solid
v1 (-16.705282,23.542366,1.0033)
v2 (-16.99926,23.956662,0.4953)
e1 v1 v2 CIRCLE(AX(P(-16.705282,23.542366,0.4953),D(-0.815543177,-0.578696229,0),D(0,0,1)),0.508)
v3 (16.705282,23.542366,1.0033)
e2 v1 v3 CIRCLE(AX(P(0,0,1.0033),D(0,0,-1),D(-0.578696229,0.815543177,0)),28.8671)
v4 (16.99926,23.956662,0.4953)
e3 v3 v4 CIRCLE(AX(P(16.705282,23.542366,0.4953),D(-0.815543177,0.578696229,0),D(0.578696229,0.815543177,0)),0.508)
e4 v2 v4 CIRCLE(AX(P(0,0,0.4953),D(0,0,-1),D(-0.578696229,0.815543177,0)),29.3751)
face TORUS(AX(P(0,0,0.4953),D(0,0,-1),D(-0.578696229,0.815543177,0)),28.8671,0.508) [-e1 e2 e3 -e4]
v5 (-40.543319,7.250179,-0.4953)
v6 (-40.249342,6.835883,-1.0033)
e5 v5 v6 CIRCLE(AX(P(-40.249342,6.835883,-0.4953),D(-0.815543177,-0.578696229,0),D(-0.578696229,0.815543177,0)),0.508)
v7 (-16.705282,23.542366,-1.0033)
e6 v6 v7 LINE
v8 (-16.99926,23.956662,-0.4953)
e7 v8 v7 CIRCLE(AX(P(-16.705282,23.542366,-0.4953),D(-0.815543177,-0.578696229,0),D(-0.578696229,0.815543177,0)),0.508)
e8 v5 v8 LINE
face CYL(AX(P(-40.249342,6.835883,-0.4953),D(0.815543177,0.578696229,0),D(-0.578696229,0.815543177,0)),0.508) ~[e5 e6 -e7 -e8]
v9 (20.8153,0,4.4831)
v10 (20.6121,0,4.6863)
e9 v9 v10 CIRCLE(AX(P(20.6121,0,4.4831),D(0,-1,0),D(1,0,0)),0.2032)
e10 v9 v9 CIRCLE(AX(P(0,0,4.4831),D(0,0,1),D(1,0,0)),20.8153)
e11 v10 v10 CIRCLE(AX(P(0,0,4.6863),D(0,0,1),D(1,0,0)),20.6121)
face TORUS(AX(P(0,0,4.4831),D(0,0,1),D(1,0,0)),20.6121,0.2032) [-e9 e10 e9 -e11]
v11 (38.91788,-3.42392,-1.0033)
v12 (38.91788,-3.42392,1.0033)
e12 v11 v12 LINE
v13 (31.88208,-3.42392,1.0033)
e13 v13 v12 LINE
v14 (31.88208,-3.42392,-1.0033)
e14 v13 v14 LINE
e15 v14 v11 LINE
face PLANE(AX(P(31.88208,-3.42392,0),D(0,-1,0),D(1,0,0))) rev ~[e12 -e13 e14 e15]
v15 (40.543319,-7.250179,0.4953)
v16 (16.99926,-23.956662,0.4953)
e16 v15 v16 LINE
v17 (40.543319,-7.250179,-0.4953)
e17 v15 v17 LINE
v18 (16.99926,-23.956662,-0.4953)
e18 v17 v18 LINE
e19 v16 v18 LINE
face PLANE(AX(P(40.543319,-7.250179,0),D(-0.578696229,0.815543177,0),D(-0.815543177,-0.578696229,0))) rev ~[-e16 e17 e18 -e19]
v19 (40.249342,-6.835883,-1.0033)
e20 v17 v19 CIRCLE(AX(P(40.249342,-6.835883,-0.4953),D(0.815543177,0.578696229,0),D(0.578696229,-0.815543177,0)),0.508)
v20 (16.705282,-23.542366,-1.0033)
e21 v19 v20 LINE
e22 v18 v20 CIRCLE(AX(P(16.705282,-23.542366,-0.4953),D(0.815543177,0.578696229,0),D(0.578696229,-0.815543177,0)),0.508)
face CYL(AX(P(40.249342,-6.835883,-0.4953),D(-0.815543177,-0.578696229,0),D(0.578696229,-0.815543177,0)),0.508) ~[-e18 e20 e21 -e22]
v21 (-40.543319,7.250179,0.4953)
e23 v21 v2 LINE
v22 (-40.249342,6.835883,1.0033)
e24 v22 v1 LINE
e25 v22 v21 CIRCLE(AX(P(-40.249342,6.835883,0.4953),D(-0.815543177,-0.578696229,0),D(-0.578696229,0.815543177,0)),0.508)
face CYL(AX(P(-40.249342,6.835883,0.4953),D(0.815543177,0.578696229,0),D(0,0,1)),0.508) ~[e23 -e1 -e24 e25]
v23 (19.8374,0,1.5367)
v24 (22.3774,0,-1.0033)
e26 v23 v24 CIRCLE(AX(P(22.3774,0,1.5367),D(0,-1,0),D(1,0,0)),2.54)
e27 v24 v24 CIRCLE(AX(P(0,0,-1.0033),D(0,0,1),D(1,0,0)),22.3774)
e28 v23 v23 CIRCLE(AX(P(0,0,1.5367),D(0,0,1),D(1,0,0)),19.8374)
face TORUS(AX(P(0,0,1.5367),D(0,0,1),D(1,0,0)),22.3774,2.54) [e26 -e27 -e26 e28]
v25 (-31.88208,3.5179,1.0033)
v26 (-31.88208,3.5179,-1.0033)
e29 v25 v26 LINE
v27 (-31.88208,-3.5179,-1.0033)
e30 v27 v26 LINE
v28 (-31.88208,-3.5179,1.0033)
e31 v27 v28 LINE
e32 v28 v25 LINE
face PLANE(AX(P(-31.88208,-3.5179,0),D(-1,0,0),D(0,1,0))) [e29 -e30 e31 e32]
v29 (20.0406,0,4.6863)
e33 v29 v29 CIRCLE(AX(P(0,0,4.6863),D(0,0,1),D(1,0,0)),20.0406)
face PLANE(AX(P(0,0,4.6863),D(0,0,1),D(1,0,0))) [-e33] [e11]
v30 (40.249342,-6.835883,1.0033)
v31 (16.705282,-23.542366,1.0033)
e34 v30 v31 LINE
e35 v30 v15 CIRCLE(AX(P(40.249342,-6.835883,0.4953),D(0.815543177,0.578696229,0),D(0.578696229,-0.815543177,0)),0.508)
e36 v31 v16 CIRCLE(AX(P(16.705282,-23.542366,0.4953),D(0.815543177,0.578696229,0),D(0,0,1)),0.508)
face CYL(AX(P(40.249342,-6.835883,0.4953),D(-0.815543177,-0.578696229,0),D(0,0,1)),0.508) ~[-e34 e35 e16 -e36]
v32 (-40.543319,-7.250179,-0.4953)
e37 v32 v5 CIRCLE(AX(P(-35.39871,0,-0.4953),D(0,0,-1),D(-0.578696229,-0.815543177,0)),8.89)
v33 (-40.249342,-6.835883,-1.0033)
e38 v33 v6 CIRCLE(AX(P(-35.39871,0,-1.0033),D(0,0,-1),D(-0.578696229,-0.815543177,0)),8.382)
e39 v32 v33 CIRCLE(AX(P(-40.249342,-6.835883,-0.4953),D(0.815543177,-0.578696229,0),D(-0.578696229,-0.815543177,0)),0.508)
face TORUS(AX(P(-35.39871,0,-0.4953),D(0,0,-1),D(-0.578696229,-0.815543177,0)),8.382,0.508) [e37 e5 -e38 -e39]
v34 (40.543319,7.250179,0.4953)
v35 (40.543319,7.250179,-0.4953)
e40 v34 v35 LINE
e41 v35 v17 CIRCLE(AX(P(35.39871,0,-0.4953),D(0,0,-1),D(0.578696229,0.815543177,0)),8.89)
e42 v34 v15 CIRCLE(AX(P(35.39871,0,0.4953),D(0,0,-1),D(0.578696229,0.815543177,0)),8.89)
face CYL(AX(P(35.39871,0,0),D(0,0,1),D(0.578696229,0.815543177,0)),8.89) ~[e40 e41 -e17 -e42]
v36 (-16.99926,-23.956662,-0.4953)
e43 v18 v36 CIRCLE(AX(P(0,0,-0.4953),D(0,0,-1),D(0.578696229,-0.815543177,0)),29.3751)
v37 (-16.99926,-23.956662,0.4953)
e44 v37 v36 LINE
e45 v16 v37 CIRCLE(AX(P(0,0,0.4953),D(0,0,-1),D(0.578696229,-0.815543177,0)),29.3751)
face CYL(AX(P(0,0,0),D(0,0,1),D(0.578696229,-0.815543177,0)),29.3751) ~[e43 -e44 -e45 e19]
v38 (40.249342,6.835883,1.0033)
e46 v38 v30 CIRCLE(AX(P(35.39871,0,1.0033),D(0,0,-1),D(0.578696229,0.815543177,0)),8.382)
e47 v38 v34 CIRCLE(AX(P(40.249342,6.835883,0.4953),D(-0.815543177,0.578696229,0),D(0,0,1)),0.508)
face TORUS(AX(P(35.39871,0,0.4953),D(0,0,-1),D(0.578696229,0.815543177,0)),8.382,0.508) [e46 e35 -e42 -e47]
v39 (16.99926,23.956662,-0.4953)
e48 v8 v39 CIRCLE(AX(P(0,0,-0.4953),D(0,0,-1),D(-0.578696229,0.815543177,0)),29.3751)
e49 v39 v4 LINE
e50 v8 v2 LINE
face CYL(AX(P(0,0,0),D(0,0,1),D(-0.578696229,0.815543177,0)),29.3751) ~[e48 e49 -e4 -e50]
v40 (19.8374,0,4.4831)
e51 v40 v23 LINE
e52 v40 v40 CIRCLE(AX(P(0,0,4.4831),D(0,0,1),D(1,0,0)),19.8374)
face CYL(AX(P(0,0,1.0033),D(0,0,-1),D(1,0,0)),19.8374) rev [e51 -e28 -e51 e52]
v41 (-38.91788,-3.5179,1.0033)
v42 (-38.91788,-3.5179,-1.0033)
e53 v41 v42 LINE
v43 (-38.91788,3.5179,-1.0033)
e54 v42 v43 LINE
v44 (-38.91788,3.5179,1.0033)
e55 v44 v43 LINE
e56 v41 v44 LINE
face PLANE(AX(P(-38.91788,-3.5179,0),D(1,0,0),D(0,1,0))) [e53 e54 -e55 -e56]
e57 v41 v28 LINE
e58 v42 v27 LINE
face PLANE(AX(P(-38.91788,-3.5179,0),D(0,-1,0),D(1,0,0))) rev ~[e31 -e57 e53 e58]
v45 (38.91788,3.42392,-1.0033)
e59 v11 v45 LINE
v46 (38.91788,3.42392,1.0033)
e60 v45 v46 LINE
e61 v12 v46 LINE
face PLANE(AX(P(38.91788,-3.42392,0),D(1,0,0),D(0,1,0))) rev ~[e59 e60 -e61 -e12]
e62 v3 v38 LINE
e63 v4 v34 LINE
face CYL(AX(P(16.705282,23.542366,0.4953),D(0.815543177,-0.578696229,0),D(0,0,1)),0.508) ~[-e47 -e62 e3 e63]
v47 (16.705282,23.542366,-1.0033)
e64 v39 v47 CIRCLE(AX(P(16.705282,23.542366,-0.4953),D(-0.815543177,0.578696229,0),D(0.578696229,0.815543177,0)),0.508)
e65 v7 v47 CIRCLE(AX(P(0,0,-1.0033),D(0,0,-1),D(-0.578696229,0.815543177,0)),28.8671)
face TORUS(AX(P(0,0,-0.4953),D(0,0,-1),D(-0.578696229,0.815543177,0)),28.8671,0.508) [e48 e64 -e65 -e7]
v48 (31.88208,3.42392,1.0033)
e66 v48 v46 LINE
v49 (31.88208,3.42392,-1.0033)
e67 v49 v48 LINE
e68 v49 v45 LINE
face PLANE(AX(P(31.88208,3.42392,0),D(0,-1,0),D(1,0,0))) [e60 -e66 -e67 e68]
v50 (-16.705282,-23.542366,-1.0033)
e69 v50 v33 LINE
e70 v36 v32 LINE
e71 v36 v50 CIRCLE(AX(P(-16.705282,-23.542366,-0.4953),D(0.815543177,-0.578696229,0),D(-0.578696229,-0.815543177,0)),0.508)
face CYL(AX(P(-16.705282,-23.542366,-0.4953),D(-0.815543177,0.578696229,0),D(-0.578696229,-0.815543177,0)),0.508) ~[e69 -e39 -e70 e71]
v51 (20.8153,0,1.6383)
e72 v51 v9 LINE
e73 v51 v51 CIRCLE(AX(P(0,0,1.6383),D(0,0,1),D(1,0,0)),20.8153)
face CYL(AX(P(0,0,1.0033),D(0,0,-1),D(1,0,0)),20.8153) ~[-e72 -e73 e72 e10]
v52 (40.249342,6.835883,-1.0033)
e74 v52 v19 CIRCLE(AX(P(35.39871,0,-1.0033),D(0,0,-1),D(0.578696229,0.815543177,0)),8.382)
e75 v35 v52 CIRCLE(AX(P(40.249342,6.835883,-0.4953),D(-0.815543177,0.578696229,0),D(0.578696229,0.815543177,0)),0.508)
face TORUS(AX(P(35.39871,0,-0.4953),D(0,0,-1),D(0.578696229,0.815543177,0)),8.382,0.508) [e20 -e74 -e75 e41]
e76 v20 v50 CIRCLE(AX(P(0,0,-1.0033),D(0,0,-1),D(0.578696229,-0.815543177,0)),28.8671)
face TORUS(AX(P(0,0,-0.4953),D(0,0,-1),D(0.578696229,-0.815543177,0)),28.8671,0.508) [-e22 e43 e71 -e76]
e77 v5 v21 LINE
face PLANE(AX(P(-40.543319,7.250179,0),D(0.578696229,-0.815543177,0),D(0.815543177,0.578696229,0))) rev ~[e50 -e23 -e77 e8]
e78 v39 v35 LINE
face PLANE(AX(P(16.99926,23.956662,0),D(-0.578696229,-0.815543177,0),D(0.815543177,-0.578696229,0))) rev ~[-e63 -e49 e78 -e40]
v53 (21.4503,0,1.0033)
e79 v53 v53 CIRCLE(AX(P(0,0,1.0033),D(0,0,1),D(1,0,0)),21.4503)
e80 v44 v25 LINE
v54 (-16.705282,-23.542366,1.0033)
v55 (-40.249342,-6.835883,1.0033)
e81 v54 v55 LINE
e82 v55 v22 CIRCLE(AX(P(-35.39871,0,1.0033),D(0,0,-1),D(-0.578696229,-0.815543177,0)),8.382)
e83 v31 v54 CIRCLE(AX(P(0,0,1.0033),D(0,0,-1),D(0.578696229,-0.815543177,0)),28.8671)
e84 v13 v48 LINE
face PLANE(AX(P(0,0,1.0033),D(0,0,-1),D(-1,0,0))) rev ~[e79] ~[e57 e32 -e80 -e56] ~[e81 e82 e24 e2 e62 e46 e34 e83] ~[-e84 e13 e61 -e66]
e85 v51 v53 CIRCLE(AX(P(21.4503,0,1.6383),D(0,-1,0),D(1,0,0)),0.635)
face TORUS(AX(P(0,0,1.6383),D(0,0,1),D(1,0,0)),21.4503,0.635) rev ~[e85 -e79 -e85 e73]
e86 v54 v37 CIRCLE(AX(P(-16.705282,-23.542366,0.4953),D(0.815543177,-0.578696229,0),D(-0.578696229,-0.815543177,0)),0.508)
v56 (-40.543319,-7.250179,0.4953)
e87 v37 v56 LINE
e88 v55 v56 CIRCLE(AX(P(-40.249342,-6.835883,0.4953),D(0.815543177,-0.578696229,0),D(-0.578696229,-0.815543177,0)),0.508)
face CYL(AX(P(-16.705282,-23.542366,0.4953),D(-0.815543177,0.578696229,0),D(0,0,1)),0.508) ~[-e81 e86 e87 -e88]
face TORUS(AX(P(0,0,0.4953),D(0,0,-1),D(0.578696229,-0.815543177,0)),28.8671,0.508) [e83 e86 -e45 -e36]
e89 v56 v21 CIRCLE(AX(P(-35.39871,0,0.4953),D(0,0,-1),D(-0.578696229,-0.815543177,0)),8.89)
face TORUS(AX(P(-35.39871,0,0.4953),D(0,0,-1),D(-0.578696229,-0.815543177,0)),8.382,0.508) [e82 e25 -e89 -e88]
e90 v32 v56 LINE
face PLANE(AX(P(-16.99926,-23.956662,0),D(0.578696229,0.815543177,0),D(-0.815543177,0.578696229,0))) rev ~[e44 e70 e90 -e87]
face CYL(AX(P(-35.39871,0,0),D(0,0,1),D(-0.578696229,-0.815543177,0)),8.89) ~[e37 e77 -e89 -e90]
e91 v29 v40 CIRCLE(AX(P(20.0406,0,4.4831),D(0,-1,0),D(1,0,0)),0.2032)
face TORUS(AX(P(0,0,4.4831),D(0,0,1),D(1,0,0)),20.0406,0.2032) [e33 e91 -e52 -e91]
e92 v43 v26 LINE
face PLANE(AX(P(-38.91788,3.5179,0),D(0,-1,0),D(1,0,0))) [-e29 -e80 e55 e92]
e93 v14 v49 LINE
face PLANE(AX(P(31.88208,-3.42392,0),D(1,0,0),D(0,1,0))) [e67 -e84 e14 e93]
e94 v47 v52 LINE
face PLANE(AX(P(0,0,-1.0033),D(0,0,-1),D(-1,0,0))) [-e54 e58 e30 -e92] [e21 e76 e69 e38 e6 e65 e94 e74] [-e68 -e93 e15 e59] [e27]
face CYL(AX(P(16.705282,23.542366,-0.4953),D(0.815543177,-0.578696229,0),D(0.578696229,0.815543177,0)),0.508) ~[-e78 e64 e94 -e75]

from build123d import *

# Parameters (mm, degrees)
SKETCH1_R      = 19.8374
SKETCH1_W      = 7.0358
SKETCH1_H      = 7.0358
SKETCH1_H_2    = 6.84784
EXTRUDE1_DEPTH = 1.0033
SKETCH2_R      = 20.8153
SKETCH2_R_2    = 19.8374
EXTRUDE2_DEPTH = 3.683
FILLET1_R      = 2.54
FILLET2_R      = 0.635
FILLET3_R      = 0.508
FILLET4_R      = 0.2032


with BuildPart() as part:
    # Sketch1 → Extrude1 (new, symmetric)
    with BuildSketch(Plane.XY):
        with BuildLine():
            Line((16.999259606, 23.95666239), (40.543319479, 7.250178847))
            ThreePointArc((40.543319479, 7.250178847), (44.28871, 0), (40.543319479, -7.250178847))
            Line((40.543319479, -7.250178847), (16.999259606, -23.95666239))
            ThreePointArc((16.999259606, -23.95666239), (0, -29.3751), (-16.999259606, -23.95666239))
            Line((-16.999259606, -23.95666239), (-40.543319479, -7.250178847))
            ThreePointArc((-40.543319479, -7.250178847), (-44.28871, 0), (-40.543319479, 7.250178847))
            Line((-40.543319479, 7.250178847), (-16.999259606, 23.95666239))
            ThreePointArc((-16.999259606, 23.95666239), (0, 29.3751), (16.999259606, 23.95666239))
        make_face()
        Circle(SKETCH1_R, mode=Mode.SUBTRACT)
        with Locations((-35.39998, 0)):
            Rectangle(SKETCH1_W, SKETCH1_H, mode=Mode.SUBTRACT)
        with Locations((35.39998, 0)):
            Rectangle(SKETCH1_W, SKETCH1_H_2, mode=Mode.SUBTRACT)
    extrude(amount=EXTRUDE1_DEPTH, both=True)

    # Sketch2 → Extrude2 (add)
    with BuildSketch(Plane.XY.offset(1.0033)):
        Circle(SKETCH2_R)
        Circle(SKETCH2_R_2, mode=Mode.SUBTRACT)
    extrude(amount=EXTRUDE2_DEPTH)

    # Fillet1
    fillet1_edges = [part.edges().sort_by_distance(p)[0] for p in [
        (-19.8374, 0, -1.0033),
    ]]
    fillet(fillet1_edges, radius=FILLET1_R)

    # Fillet2
    fillet2_edges = [part.edges().sort_by_distance(p)[0] for p in [
        (-20.8153, 0, 1.0033),
    ]]
    fillet(fillet2_edges, radius=FILLET2_R)

    # Fillet3
    fillet3_edges = [part.edges().sort_by_distance(p)[0] for p in [
        (-44.28871, 0, 1.0033),
        (-28.771289542, 15.603420618, -1.0033),
        (0, 29.3751, -1.0033),
        (-28.771289542, -15.603420618, 1.0033),
        (0, -29.3751, 1.0033),
        (28.771289542, -15.603420618, 1.0033),
        (44.28871, 0, 1.0033),
        (28.771289542, 15.603420618, 1.0033),
        (0, 29.3751, 1.0033),
        (-28.771289542, 15.603420618, 1.0033),
        (28.771289542, 15.603420618, -1.0033),
        (44.28871, 0, -1.0033),
        (28.771289542, -15.603420618, -1.0033),
        (0, -29.3751, -1.0033),
        (-28.771289542, -15.603420618, -1.0033),
        (-44.28871, 0, -1.0033),
    ]]
    fillet(fillet3_edges, radius=FILLET3_R)

    # Fillet4
    fillet4_edges = [part.edges().sort_by_distance(p)[0] for p in [
        (-20.8153, 0, 4.6863),
        (-19.8374, 0, 4.6863),
    ]]
    fillet(fillet4_edges, radius=FILLET4_R)


solid = part.part
